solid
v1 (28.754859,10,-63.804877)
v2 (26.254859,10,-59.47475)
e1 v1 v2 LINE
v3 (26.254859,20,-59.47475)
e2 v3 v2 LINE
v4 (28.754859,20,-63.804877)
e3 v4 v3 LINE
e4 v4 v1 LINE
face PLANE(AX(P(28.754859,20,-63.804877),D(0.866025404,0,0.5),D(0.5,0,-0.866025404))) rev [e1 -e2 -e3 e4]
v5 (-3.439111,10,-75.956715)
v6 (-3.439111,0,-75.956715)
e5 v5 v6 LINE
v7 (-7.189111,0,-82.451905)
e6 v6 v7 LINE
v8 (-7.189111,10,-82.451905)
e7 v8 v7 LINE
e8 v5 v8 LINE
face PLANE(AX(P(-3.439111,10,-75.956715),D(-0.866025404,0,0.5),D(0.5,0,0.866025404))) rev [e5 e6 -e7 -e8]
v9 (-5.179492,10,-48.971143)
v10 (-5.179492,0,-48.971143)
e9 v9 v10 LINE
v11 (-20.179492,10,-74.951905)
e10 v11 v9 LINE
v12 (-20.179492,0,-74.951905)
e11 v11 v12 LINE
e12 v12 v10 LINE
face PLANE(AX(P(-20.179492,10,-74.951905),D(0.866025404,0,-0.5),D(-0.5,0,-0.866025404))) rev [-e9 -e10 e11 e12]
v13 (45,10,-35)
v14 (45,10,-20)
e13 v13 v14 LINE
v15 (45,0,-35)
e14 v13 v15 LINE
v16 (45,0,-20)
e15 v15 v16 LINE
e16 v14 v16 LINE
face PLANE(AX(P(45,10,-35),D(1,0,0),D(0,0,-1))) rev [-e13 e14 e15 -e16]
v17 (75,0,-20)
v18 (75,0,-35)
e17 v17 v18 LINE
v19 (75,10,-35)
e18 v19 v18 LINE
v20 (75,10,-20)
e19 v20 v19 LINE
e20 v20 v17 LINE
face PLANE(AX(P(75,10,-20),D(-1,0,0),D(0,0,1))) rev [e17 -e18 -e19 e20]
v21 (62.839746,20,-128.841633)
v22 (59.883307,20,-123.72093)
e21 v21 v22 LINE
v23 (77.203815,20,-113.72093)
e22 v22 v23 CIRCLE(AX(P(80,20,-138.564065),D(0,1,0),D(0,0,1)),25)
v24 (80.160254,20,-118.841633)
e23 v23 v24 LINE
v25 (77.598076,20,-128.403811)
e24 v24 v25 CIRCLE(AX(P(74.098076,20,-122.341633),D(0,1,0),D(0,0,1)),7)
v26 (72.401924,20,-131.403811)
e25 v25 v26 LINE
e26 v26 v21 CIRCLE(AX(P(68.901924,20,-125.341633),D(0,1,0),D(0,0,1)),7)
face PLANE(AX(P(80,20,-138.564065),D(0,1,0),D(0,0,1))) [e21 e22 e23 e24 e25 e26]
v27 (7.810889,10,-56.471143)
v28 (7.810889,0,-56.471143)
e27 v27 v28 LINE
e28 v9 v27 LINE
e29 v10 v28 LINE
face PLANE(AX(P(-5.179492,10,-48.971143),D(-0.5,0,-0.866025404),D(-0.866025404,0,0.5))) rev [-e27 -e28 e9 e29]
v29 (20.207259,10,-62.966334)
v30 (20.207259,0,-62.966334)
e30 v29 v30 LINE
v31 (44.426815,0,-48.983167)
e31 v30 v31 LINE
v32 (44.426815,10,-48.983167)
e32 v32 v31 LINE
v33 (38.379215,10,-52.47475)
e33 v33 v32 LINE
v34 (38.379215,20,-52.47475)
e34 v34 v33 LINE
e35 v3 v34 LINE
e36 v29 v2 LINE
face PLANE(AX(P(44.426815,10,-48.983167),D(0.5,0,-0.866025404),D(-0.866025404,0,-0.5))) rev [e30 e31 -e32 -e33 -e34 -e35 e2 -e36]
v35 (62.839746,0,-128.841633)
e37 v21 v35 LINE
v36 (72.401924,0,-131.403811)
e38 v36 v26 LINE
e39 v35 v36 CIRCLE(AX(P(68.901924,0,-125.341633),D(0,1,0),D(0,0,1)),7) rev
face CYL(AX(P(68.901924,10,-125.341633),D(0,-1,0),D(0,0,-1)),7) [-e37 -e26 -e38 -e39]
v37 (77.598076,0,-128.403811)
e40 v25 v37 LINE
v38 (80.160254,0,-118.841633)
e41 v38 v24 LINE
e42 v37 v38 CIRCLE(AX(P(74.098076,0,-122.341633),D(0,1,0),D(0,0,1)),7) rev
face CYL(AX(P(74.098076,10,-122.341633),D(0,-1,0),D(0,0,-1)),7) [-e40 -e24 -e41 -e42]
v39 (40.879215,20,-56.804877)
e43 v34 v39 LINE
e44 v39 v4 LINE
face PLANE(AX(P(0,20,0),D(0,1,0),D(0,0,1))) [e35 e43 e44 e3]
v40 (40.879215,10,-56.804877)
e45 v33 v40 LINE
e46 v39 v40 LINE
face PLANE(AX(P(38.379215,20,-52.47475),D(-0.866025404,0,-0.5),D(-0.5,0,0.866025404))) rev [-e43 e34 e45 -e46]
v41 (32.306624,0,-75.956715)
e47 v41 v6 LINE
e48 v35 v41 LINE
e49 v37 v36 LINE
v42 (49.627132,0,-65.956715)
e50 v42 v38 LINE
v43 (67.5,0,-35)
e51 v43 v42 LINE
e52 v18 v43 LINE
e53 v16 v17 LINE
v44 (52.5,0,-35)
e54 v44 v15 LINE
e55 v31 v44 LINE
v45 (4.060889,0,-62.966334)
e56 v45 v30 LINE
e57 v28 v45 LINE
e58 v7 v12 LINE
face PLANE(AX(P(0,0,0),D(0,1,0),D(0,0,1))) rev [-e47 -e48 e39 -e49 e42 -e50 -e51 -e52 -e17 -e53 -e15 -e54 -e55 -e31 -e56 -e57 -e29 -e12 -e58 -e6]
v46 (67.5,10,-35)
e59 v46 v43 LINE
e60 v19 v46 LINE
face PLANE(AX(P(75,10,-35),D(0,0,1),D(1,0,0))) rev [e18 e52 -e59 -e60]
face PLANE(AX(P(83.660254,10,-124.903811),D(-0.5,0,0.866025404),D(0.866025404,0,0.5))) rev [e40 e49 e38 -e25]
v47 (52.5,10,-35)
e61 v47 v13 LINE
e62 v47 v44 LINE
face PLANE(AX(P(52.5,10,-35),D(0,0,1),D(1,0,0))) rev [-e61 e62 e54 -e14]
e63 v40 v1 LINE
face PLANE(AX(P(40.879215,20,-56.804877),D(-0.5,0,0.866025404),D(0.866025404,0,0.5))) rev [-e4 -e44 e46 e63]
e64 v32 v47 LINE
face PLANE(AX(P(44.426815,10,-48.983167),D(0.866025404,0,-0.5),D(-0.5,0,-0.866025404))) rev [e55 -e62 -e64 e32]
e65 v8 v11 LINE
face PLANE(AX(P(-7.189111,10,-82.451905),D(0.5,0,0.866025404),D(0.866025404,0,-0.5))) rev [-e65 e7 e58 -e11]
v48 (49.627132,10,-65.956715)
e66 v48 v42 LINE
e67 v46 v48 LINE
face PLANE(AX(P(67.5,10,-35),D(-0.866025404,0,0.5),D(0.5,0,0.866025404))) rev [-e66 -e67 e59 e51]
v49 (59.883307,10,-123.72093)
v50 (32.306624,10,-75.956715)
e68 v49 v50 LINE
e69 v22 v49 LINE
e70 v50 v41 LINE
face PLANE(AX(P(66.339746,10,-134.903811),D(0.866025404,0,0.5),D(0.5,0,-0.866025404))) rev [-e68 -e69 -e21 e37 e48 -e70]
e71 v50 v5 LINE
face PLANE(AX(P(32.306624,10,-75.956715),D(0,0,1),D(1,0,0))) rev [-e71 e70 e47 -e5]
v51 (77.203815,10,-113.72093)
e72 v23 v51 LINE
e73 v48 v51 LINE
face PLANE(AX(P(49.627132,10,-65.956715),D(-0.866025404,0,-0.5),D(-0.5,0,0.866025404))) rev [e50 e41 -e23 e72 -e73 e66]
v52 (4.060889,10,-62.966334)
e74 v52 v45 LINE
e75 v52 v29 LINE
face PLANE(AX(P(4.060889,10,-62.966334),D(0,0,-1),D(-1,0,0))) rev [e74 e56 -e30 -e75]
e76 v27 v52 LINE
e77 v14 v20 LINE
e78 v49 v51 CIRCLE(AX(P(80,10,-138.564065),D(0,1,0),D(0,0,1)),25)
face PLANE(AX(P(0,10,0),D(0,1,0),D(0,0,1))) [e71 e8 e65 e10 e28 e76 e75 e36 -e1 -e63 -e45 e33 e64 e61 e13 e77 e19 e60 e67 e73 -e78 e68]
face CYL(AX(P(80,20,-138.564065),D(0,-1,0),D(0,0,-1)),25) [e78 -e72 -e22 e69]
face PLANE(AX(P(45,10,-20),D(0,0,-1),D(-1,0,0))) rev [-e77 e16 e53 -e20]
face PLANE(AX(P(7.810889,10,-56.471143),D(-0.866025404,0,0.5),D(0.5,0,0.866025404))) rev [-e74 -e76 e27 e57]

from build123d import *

# Parameters (mm, degrees)
EXTRUDE_1_DEPTH = 10
EXTRUDE_2_DEPTH = 10
EXTRUDE_4_DEPTH = 10
FILLET_1_R      = 7


with BuildPart() as part:
    # 草图2 → 凸台-拉伸1 (new body)
    with BuildSketch(Plane(origin=(0, 0, 0), x_dir=(1, 0, 0), z_dir=(0, 1, 0))):
        Polygon((-20.179491924, 74.951905284), (-5.179491924, 48.97114317), (7.810889132, 56.47114317), (4.060889132, 62.966333699), (20.207259422, 62.966333699), (44.426814855, 48.983166849), (52.5, 35), (45, 35), (45, 20), (75, 20), (75, 35), (67.5, 35), (49.627132403, 65.956714755), (83.660254038, 124.903810568), (66.339745962, 134.903810568), (32.306624327, 75.956714755), (-3.439110868, 75.956714755), (-7.189110868, 82.451905284), align=None)
    extrude(amount=EXTRUDE_1_DEPTH)

    # 草图3 → 凸台-拉伸2 (add)
    with BuildSketch(Plane(origin=(0, 10, 0), x_dir=(1, 0, 0), z_dir=(0, 1, 0))):
        with BuildLine():
            Line((66.339745962, 134.903810568), (59.883306725, 123.720929773))
            ThreePointArc((59.883306725, 123.720929773), (67.5, 116.913429511), (77.2038148, 113.720929773))
            Line((77.2038148, 113.720929773), (83.660254038, 124.903810568))
            Line((83.660254038, 124.903810568), (66.339745962, 134.903810568))
        make_face()
    extrude(amount=EXTRUDE_2_DEPTH)

    # 草图5 → 凸台-拉伸4 (add)
    with BuildSketch(Plane(origin=(0, 10, 0), x_dir=(1, 0, 0), z_dir=(0, 1, 0))):
        Polygon((38.379214965, 52.474750274), (40.879214965, 56.804877293), (28.754859312, 63.804877293), (26.254859312, 59.474750274), align=None)
    extrude(amount=EXTRUDE_4_DEPTH)

    # 圆角1
    fillet_1_edges = [part.edges().sort_by_distance(p)[0] for p in [
        (66.339745962, 10, -134.903810568),
        (83.660254038, 10, -124.903810568),
    ]]
    fillet(fillet_1_edges, radius=FILLET_1_R)


solid = part.part
